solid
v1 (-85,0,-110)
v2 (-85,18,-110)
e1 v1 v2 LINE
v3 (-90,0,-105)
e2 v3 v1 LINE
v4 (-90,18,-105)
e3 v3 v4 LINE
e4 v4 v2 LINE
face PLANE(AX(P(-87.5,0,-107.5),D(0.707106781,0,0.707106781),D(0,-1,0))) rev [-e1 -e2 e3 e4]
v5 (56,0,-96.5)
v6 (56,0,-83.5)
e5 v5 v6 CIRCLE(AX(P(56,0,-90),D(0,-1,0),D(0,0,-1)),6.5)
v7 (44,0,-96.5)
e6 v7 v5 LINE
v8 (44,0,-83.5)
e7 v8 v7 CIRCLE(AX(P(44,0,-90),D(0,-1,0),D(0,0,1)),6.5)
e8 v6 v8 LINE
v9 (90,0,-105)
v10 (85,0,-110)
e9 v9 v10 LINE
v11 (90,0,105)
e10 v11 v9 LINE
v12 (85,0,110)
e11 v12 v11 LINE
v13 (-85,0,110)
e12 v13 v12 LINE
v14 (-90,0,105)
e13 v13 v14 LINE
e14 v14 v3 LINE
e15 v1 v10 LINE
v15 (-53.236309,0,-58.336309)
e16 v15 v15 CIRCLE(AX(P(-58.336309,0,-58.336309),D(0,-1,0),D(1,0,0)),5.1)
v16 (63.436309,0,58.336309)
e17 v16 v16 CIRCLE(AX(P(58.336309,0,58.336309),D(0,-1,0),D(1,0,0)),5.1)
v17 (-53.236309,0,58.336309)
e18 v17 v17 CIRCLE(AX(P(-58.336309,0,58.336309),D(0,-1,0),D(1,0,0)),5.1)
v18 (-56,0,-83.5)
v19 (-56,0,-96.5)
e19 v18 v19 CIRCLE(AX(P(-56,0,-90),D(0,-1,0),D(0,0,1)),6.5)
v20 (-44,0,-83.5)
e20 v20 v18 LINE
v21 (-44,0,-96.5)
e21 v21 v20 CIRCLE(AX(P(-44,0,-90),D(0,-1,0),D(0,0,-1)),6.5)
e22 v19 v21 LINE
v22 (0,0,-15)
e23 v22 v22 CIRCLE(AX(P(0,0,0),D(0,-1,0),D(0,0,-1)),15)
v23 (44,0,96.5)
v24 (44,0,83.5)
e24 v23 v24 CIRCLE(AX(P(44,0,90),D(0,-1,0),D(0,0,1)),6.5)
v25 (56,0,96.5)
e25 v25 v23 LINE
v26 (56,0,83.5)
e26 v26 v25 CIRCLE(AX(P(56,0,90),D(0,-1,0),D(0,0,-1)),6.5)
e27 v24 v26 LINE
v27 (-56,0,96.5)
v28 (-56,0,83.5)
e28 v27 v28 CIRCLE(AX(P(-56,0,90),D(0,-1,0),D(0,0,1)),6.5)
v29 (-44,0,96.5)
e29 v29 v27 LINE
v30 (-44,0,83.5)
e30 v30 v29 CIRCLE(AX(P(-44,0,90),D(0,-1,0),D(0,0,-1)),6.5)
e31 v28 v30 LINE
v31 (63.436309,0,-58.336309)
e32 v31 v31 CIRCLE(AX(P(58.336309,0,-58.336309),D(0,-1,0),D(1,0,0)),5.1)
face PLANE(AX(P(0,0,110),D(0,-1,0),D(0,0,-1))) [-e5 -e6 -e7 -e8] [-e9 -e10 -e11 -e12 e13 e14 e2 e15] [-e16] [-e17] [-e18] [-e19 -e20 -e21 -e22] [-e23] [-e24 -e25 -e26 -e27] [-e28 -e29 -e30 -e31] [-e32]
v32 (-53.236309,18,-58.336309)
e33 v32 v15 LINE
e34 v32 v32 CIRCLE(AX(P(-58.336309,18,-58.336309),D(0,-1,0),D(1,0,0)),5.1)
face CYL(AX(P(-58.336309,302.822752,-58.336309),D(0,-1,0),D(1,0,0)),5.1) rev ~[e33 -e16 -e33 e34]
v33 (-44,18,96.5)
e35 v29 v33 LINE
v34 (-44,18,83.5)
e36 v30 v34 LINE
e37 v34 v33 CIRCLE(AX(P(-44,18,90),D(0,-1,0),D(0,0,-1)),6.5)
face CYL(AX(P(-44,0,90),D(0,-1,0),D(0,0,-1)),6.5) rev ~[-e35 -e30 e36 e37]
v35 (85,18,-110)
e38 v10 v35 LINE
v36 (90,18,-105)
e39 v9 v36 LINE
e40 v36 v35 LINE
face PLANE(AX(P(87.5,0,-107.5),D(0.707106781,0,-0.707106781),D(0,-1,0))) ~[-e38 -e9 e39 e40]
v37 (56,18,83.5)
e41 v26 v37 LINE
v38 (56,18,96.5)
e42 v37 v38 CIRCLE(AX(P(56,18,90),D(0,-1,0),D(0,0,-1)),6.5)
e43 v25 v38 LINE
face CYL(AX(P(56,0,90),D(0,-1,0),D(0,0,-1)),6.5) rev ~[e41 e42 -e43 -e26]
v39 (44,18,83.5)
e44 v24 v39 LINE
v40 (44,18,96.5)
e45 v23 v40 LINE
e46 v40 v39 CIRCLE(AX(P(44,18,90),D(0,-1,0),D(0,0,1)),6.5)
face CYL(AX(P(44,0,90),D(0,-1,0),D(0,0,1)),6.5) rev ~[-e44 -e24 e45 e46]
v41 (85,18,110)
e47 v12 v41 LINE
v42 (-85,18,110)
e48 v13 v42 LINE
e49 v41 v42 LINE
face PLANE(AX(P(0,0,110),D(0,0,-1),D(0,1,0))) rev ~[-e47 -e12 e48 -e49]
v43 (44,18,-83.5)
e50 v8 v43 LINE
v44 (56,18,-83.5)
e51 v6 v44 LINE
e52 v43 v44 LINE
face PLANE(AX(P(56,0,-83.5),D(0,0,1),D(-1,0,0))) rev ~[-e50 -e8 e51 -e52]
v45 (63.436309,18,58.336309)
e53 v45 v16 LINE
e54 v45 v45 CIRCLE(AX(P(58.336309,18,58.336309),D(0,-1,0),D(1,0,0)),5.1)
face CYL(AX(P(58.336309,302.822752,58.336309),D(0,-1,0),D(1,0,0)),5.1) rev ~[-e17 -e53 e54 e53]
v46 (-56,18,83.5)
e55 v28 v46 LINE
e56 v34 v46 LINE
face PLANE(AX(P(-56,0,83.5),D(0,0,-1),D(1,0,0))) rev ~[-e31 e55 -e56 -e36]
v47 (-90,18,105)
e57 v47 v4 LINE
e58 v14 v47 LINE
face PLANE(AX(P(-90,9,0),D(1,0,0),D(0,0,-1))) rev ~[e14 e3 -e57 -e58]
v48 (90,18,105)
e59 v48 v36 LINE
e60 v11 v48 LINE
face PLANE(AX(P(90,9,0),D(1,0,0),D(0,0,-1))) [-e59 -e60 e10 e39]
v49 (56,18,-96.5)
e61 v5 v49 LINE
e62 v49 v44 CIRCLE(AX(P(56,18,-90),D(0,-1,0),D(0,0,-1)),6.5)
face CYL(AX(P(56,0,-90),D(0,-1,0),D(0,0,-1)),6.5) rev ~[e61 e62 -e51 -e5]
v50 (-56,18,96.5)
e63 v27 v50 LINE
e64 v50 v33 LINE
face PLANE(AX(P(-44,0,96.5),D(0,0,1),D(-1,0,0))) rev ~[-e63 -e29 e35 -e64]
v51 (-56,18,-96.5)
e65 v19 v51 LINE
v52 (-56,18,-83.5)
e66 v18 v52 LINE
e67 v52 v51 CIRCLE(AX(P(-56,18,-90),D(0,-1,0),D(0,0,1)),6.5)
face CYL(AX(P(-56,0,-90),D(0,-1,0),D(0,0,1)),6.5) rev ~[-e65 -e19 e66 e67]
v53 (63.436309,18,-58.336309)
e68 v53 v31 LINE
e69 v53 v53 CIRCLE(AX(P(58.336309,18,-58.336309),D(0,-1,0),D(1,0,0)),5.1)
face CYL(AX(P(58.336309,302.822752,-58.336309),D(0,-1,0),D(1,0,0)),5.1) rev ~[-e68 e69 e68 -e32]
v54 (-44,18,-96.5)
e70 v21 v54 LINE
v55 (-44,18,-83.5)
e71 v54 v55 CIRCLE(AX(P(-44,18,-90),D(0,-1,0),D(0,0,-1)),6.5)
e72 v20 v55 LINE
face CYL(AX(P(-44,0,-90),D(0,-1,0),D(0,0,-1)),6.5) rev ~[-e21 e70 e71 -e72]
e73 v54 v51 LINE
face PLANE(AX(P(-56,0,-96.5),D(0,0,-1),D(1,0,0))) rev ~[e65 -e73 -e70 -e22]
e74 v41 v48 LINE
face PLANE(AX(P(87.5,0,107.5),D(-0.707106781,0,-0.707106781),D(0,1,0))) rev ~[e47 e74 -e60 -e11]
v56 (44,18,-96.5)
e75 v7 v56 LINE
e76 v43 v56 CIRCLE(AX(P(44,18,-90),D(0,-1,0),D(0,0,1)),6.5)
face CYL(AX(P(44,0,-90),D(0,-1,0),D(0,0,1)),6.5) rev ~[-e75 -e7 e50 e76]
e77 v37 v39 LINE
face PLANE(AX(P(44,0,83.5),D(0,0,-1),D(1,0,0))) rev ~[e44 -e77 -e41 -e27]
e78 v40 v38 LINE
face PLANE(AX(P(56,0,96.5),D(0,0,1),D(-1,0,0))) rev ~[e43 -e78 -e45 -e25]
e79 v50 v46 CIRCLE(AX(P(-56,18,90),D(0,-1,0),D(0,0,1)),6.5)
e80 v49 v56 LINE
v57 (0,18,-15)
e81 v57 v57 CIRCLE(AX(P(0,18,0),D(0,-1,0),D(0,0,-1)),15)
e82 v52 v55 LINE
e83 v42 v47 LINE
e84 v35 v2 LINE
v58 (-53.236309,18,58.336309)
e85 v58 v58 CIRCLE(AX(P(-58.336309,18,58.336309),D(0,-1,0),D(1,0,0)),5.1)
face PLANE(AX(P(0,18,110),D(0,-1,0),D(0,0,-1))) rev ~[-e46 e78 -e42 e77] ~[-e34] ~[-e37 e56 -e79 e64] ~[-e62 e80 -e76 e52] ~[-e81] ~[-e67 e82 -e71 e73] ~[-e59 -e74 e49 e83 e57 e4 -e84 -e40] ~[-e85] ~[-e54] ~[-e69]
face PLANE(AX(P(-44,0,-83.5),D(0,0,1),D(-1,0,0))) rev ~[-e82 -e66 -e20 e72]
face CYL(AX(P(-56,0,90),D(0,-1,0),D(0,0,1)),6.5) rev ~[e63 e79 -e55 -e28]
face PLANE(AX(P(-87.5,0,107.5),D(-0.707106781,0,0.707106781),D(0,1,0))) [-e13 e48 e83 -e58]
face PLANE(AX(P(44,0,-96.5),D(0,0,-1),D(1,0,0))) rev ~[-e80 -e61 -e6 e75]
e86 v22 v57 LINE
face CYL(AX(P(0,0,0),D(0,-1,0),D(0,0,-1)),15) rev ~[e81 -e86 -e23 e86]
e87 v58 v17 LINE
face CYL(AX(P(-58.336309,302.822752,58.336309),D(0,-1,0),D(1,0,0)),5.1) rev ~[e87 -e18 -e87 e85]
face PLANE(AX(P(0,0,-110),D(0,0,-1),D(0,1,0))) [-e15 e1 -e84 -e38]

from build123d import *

# Parameters (mm, degrees)
SKETCH_1_W          = 220
SKETCH_1_H          = 18
EXTRUDE_1_DEPTH     = 90
CUT_EXTRUDE_1_REACH = 145.262
SKETCH_2_R          = 15
CHAMFER_1_SIZE      = 5
CUT_EXTRUDE_3_REACH = 145.262
HOLE_WIZARD_M12_1_D = 10.2


with BuildPart() as part:
    # 草圖1 → 伸長1 (new, symmetric)
    with BuildSketch(Plane(origin=(0, 0, 0), x_dir=(0, 0, -1), z_dir=(1, 0, 0))):
        with Locations((0, 9)):
            Rectangle(SKETCH_1_W, SKETCH_1_H)
    extrude(amount=EXTRUDE_1_DEPTH, both=True)

    # 草圖2 → 除料-伸長1 (cut, up to next)
    with BuildSketch(Plane.XZ, mode=Mode.PRIVATE) as cut_extrude_1_sk1:
        with Locations(Location((0, 0, 0), (0, 0, 270))):
            Circle(SKETCH_2_R)
    cut_extrude_1_tool1 = extrude(cut_extrude_1_sk1.sketch, amount=-CUT_EXTRUDE_1_REACH, mode=Mode.PRIVATE) & part.part
    add(cut_extrude_1_tool1.solids().sort_by_distance((0, 0, 0))[0], mode=Mode.SUBTRACT)

    # 導角1
    chamfer_1_edges = [part.edges().sort_by_distance(p)[0] for p in [
        (90, 9, 110),
        (90, 9, -110),
        (-90, 9, 110),
        (-90, 9, -110),
    ]]
    chamfer(chamfer_1_edges, length=CHAMFER_1_SIZE)

    # 草圖4 → 除料-伸長3 (cut, up to next)
    with BuildSketch(Plane.XZ, mode=Mode.PRIVATE) as cut_extrude_3_sk1:
        with BuildLine():
            Line((44, 83.5), (56, 83.5))
            ThreePointArc((56, 83.5), (62.5, 90), (56, 96.5))
            Line((56, 96.5), (44, 96.5))
            ThreePointArc((44, 96.5), (37.5, 90), (44, 83.5))
        make_face()
    cut_extrude_3_tool1 = extrude(cut_extrude_3_sk1.sketch, amount=-CUT_EXTRUDE_3_REACH, mode=Mode.PRIVATE) & part.part
    # 草圖4 → 除料-伸長3 (cut, up to next)
    with BuildSketch(Plane.XZ, mode=Mode.PRIVATE) as cut_extrude_3_sk2:
        with BuildLine():
            Line((-56, 83.5), (-44, 83.5))
            ThreePointArc((-44, 83.5), (-37.5, 90), (-44, 96.5))
            Line((-44, 96.5), (-56, 96.5))
            ThreePointArc((-56, 96.5), (-62.5, 90), (-56, 83.5))
        make_face()
    cut_extrude_3_tool2 = extrude(cut_extrude_3_sk2.sketch, amount=-CUT_EXTRUDE_3_REACH, mode=Mode.PRIVATE) & part.part
    # 草圖4 → 除料-伸長3 (cut, up to next)
    with BuildSketch(Plane.XZ, mode=Mode.PRIVATE) as cut_extrude_3_sk3:
        with BuildLine():
            Line((-56, -96.5), (-44, -96.5))
            ThreePointArc((-44, -96.5), (-37.5, -90), (-44, -83.5))
            Line((-44, -83.5), (-56, -83.5))
            ThreePointArc((-56, -83.5), (-62.5, -90), (-56, -96.5))
        make_face()
    cut_extrude_3_tool3 = extrude(cut_extrude_3_sk3.sketch, amount=-CUT_EXTRUDE_3_REACH, mode=Mode.PRIVATE) & part.part
    # 草圖4 → 除料-伸長3 (cut, up to next)
    with BuildSketch(Plane.XZ, mode=Mode.PRIVATE) as cut_extrude_3_sk4:
        with BuildLine():
            Line((44, -96.5), (56, -96.5))
            ThreePointArc((56, -96.5), (62.5, -90), (56, -83.5))
            Line((56, -83.5), (44, -83.5))
            ThreePointArc((44, -83.5), (37.5, -90), (44, -96.5))
        make_face()
    cut_extrude_3_tool4 = extrude(cut_extrude_3_sk4.sketch, amount=-CUT_EXTRUDE_3_REACH, mode=Mode.PRIVATE) & part.part
    add(cut_extrude_3_tool1.solids().sort_by_distance((50, 0, 90))[0], mode=Mode.SUBTRACT)
    add(cut_extrude_3_tool2.solids().sort_by_distance((-50, 0, 90))[0], mode=Mode.SUBTRACT)
    add(cut_extrude_3_tool3.solids().sort_by_distance((-50, 0, -90))[0], mode=Mode.SUBTRACT)
    add(cut_extrude_3_tool4.solids().sort_by_distance((50, 0, -90))[0], mode=Mode.SUBTRACT)

    # M12 螺紋孔1 (through all)
    with Locations(Plane(origin=(0, 18, 0), x_dir=(-1, 0, 0), z_dir=(0, 1, 0))):
        with Locations((58.336309448, 58.336309448), (58.336309448, -58.336309448), (-58.336309448, -58.336309448), (-58.336309448, 58.336309448)):
            Hole(HOLE_WIZARD_M12_1_D / 2)


solid = part.part
